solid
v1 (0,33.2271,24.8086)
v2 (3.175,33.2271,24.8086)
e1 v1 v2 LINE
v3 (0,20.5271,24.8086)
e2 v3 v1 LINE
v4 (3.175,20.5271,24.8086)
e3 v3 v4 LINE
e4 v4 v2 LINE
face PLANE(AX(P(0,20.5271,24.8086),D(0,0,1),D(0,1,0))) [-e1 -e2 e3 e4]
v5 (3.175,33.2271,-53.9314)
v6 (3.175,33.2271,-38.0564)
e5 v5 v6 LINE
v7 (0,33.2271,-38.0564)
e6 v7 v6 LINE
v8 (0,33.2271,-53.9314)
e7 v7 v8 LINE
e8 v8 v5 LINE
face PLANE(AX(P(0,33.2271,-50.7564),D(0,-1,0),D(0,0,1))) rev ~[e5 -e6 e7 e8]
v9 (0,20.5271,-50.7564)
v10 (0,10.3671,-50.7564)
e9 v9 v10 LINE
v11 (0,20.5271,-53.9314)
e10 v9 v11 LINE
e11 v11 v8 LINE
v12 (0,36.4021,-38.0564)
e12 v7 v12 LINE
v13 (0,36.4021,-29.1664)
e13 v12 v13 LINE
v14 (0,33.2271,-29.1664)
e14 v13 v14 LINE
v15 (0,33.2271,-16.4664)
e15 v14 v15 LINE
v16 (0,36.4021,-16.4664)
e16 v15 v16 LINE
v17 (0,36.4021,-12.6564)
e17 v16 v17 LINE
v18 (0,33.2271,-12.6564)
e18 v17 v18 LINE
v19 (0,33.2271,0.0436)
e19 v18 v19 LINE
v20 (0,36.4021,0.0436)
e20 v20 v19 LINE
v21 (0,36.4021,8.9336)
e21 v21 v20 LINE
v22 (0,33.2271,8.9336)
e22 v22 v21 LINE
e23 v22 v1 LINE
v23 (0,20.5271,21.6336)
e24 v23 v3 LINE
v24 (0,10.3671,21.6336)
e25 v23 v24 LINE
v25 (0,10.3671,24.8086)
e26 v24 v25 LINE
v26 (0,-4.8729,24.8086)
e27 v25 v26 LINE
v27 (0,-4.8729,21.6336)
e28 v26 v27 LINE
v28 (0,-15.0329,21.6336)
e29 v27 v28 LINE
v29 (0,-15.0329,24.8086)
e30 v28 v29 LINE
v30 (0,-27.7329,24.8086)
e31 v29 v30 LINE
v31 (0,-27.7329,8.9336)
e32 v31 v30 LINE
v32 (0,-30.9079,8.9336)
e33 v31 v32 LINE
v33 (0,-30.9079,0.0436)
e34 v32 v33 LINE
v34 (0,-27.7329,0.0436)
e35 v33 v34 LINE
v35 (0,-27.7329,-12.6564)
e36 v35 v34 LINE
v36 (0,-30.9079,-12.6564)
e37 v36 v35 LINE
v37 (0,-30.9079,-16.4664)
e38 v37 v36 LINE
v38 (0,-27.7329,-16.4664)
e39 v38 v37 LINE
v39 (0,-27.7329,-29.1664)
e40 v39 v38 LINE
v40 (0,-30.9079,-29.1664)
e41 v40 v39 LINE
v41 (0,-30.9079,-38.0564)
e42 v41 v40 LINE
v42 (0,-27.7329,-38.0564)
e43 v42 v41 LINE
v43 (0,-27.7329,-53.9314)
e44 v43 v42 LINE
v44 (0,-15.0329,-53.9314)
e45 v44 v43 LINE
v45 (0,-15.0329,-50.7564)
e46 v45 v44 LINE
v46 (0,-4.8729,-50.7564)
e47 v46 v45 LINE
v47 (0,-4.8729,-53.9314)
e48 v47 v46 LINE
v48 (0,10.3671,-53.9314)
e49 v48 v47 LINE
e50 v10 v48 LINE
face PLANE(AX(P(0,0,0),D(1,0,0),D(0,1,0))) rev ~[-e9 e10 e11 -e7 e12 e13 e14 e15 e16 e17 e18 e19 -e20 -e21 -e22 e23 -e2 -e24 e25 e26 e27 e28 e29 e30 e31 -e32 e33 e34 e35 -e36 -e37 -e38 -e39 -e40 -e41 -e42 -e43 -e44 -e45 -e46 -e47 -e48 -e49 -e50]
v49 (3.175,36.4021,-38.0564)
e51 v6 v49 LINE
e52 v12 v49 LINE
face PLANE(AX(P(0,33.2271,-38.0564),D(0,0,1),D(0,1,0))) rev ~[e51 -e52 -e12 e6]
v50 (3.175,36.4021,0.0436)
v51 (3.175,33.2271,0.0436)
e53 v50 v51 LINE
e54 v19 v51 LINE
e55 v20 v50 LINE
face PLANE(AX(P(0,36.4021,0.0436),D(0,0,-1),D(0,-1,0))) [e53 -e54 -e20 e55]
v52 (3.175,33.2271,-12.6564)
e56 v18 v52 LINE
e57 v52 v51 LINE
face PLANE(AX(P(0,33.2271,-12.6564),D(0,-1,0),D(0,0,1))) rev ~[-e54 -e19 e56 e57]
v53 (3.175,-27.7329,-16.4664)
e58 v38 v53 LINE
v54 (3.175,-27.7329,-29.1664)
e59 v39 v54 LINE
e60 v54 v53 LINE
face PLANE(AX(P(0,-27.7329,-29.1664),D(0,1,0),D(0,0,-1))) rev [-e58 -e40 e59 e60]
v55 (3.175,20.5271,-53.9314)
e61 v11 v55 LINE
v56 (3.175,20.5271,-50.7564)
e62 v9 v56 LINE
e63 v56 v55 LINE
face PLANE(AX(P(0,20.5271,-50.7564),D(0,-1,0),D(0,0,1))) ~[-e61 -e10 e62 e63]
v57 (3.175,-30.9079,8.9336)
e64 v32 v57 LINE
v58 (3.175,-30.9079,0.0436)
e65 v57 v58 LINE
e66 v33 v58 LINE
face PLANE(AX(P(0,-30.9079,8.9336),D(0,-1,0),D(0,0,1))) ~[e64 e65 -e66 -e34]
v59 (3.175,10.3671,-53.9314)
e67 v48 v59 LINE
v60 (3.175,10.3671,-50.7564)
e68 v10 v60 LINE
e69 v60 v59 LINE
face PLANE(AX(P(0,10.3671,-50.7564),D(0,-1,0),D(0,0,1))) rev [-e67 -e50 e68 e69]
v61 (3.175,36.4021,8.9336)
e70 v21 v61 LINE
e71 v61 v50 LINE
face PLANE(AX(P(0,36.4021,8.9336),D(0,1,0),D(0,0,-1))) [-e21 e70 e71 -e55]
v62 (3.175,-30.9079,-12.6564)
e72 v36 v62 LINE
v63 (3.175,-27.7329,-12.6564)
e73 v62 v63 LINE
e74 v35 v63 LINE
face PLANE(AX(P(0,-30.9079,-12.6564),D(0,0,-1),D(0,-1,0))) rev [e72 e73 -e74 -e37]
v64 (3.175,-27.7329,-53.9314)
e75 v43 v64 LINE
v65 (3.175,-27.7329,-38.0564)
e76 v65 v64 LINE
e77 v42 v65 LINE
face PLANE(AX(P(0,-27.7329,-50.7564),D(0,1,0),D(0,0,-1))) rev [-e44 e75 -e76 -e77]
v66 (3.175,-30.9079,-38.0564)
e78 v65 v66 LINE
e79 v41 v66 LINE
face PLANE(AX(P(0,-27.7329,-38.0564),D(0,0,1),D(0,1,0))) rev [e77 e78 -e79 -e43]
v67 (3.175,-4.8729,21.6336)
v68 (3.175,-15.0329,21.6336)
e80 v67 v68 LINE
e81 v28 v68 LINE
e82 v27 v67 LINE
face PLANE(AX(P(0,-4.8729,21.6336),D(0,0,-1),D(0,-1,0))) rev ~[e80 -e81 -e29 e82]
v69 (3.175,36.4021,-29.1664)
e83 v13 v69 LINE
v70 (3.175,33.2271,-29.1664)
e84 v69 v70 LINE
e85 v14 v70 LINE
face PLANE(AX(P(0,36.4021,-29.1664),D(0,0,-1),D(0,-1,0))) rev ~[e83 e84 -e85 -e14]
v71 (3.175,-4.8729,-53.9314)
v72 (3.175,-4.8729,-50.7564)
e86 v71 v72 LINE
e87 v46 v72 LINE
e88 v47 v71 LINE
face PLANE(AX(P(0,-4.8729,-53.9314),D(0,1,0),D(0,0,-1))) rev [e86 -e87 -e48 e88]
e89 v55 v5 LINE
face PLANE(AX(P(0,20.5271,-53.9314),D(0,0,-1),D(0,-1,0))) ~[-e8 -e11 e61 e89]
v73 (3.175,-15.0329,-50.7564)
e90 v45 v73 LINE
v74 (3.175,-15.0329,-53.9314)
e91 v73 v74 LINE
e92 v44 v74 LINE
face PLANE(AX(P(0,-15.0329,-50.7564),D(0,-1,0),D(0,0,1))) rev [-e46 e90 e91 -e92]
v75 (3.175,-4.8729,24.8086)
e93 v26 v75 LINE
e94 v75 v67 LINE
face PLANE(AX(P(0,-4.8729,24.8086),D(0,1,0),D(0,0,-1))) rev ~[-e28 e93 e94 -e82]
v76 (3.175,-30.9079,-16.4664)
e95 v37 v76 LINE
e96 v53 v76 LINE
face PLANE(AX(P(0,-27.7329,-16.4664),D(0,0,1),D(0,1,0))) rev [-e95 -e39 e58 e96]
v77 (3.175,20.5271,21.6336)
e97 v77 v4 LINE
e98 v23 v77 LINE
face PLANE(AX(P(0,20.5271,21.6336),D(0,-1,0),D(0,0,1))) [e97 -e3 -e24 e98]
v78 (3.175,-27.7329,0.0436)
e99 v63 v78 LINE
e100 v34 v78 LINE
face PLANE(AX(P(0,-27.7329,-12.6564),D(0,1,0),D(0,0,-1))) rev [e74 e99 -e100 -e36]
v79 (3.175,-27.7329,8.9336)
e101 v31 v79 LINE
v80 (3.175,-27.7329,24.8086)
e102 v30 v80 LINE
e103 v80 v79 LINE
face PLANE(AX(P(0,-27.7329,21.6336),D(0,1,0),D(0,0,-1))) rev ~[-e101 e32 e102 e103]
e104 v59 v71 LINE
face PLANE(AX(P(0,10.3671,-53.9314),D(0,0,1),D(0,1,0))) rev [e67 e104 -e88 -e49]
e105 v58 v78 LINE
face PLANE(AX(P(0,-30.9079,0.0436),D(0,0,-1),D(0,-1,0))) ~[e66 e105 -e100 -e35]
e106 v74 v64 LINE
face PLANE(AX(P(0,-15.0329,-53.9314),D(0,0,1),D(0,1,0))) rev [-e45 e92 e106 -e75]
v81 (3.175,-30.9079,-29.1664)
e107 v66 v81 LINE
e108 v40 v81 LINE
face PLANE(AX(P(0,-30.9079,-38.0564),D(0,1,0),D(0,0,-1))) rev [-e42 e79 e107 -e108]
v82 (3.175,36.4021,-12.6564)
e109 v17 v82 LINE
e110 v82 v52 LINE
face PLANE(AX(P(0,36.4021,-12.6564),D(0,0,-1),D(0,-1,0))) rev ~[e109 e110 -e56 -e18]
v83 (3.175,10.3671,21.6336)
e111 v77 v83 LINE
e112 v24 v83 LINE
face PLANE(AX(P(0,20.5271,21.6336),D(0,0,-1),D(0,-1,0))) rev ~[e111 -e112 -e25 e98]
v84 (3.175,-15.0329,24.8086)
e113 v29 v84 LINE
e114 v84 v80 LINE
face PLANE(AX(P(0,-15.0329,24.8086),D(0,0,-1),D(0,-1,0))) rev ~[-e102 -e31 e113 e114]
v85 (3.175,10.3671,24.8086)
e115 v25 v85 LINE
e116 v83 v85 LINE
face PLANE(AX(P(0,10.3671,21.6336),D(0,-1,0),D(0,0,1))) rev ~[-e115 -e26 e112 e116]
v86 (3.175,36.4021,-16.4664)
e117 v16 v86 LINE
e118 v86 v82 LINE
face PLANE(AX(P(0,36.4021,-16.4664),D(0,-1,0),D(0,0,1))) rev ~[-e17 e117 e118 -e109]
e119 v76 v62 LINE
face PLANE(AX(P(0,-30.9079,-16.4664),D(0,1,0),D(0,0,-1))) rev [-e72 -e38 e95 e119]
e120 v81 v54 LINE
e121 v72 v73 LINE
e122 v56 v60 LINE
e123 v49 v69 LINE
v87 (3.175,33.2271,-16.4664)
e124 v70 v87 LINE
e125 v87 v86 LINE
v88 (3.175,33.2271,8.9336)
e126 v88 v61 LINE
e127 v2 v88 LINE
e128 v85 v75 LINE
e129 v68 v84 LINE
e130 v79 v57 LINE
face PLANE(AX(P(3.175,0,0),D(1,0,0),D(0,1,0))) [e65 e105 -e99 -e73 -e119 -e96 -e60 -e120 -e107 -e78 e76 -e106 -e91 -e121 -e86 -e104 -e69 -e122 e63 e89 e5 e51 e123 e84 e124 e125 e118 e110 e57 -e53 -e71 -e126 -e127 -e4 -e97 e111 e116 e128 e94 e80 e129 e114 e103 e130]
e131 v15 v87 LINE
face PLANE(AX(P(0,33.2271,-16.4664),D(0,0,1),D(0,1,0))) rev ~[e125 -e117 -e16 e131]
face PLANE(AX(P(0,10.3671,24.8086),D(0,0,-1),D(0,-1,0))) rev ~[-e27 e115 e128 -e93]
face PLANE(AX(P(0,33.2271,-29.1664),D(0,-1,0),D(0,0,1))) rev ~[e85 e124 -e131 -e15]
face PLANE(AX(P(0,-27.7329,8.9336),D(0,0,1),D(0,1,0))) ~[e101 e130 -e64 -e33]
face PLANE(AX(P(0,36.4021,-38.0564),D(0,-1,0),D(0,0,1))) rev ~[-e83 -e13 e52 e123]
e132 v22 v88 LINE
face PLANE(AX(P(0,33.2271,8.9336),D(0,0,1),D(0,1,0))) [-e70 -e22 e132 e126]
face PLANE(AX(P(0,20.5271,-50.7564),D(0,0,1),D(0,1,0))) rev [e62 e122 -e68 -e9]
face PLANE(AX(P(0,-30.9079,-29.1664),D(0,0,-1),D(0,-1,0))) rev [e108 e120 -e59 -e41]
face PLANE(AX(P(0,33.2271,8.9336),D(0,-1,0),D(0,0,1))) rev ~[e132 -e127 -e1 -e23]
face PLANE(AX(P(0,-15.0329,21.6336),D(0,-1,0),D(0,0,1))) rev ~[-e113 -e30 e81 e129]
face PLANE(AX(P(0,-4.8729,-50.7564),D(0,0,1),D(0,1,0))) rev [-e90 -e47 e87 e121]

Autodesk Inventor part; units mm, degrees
ref_plane "YZ Plane" through (0, 0, 0) normal (1, 0, 0) x (0, 1, 0)
ref_plane "XZ Plane" through (0, 0, 0) normal (0, 1, 0) x (-1, 0, 0)
ref_plane "XY Plane" through (0, 0, 0) normal (0, 0, 1) x (1, 0, 0)
sketch "Sketch1" plane through (0, 0, 0) normal (1, 0, 0) x (0, 1, 0)
  line L0 (33.2271, 21.6336) -> (-27.7329, 21.6336)
  line L1 (-27.7329, 21.6336) -> (-27.7329, -50.7564)
  line L2 (-27.7329, -50.7564) -> (33.2271, -50.7564)
  line L3 (33.2271, -50.7564) -> (33.2271, 21.6336)
  line L4 (33.2271, -38.0564) -> (36.4021, -38.0564)
  line L5 (36.4021, -38.0564) -> (36.4021, -29.1664)
  line L6 (36.4021, -29.1664) -> (33.2271, -29.1664)
  line L7 (33.2271, -29.1664) -> (33.2271, -38.0564)
  line L8 (33.2271, 8.9336) -> (36.4021, 8.9336)
  line L9 (36.4021, 8.9336) -> (36.4021, 0.0436)
  line L10 (36.4021, 0.0436) -> (33.2271, 0.0436)
  line L11 (33.2271, 0.0436) -> (33.2271, 8.9336)
  line L12 (33.2271, -16.4664) -> (36.4021, -16.4664)
  line L13 (36.4021, -16.4664) -> (36.4021, -12.6564)
  line L14 (36.4021, -12.6564) -> (33.2271, -12.6564)
  line L15 (33.2271, -12.6564) -> (33.2271, -16.4664)
  line L16 (33.2271, 21.6336) -> (20.5271, 21.6336)
  line L17 (20.5271, 21.6336) -> (20.5271, 24.8086)
  line L18 (20.5271, 24.8086) -> (33.2271, 24.8086)
  line L19 (33.2271, 24.8086) -> (33.2271, 21.6336)
  line L20 (-27.7329, 21.6336) -> (-15.0329, 21.6336)
  line L21 (-15.0329, 21.6336) -> (-15.0329, 24.8086)
  line L22 (-15.0329, 24.8086) -> (-27.7329, 24.8086)
  line L23 (-27.7329, 24.8086) -> (-27.7329, 21.6336)
  line L24 (-4.8729, 21.6336) -> (10.3671, 21.6336)
  line L25 (10.3671, 21.6336) -> (10.3671, 24.8086)
  line L26 (10.3671, 24.8086) -> (-4.8729, 24.8086)
  line L27 (-4.8729, 24.8086) -> (-4.8729, 21.6336)
  point P0 (0, 0)
  dimension "d0" = 60.96
  dimension "d1" = 72.39
  dimension "d2" = 12.7
  dimension "d3" = 8.89
  dimension "d4" = 3.175
  dimension "d5" = 8.89
  dimension "d6" = 12.7
  dimension "d7" = 12.7
  dimension "d8" = 12.7
  dimension "d11" = 3.175
  dimension "d12" = 12.7
  dimension "d13" = 12.7
  dimension "d14" = 10.16
  dimension "d15" = 10.16
ref_plane "Work Plane1" through (0, 2.7471, 0.0436) normal (0, 1, 0) x (1, 0, 0)
extrude "Extrusion3" add sketch "Sketch1" along normal blind 3.175
ref_plane "Work Plane2" through (0, -15.0329, -14.5614) normal (0, 0, 1) x (1, 0, 0)
mirror "Mirror2" about plane through (0, -15.0329, -14.5614) normal (0, 0, 1) of "Extrusion3"
mirror "Mirror3" about plane through (0, 2.7471, 0.0436) normal (0, 1, 0) of "Extrusion3"
